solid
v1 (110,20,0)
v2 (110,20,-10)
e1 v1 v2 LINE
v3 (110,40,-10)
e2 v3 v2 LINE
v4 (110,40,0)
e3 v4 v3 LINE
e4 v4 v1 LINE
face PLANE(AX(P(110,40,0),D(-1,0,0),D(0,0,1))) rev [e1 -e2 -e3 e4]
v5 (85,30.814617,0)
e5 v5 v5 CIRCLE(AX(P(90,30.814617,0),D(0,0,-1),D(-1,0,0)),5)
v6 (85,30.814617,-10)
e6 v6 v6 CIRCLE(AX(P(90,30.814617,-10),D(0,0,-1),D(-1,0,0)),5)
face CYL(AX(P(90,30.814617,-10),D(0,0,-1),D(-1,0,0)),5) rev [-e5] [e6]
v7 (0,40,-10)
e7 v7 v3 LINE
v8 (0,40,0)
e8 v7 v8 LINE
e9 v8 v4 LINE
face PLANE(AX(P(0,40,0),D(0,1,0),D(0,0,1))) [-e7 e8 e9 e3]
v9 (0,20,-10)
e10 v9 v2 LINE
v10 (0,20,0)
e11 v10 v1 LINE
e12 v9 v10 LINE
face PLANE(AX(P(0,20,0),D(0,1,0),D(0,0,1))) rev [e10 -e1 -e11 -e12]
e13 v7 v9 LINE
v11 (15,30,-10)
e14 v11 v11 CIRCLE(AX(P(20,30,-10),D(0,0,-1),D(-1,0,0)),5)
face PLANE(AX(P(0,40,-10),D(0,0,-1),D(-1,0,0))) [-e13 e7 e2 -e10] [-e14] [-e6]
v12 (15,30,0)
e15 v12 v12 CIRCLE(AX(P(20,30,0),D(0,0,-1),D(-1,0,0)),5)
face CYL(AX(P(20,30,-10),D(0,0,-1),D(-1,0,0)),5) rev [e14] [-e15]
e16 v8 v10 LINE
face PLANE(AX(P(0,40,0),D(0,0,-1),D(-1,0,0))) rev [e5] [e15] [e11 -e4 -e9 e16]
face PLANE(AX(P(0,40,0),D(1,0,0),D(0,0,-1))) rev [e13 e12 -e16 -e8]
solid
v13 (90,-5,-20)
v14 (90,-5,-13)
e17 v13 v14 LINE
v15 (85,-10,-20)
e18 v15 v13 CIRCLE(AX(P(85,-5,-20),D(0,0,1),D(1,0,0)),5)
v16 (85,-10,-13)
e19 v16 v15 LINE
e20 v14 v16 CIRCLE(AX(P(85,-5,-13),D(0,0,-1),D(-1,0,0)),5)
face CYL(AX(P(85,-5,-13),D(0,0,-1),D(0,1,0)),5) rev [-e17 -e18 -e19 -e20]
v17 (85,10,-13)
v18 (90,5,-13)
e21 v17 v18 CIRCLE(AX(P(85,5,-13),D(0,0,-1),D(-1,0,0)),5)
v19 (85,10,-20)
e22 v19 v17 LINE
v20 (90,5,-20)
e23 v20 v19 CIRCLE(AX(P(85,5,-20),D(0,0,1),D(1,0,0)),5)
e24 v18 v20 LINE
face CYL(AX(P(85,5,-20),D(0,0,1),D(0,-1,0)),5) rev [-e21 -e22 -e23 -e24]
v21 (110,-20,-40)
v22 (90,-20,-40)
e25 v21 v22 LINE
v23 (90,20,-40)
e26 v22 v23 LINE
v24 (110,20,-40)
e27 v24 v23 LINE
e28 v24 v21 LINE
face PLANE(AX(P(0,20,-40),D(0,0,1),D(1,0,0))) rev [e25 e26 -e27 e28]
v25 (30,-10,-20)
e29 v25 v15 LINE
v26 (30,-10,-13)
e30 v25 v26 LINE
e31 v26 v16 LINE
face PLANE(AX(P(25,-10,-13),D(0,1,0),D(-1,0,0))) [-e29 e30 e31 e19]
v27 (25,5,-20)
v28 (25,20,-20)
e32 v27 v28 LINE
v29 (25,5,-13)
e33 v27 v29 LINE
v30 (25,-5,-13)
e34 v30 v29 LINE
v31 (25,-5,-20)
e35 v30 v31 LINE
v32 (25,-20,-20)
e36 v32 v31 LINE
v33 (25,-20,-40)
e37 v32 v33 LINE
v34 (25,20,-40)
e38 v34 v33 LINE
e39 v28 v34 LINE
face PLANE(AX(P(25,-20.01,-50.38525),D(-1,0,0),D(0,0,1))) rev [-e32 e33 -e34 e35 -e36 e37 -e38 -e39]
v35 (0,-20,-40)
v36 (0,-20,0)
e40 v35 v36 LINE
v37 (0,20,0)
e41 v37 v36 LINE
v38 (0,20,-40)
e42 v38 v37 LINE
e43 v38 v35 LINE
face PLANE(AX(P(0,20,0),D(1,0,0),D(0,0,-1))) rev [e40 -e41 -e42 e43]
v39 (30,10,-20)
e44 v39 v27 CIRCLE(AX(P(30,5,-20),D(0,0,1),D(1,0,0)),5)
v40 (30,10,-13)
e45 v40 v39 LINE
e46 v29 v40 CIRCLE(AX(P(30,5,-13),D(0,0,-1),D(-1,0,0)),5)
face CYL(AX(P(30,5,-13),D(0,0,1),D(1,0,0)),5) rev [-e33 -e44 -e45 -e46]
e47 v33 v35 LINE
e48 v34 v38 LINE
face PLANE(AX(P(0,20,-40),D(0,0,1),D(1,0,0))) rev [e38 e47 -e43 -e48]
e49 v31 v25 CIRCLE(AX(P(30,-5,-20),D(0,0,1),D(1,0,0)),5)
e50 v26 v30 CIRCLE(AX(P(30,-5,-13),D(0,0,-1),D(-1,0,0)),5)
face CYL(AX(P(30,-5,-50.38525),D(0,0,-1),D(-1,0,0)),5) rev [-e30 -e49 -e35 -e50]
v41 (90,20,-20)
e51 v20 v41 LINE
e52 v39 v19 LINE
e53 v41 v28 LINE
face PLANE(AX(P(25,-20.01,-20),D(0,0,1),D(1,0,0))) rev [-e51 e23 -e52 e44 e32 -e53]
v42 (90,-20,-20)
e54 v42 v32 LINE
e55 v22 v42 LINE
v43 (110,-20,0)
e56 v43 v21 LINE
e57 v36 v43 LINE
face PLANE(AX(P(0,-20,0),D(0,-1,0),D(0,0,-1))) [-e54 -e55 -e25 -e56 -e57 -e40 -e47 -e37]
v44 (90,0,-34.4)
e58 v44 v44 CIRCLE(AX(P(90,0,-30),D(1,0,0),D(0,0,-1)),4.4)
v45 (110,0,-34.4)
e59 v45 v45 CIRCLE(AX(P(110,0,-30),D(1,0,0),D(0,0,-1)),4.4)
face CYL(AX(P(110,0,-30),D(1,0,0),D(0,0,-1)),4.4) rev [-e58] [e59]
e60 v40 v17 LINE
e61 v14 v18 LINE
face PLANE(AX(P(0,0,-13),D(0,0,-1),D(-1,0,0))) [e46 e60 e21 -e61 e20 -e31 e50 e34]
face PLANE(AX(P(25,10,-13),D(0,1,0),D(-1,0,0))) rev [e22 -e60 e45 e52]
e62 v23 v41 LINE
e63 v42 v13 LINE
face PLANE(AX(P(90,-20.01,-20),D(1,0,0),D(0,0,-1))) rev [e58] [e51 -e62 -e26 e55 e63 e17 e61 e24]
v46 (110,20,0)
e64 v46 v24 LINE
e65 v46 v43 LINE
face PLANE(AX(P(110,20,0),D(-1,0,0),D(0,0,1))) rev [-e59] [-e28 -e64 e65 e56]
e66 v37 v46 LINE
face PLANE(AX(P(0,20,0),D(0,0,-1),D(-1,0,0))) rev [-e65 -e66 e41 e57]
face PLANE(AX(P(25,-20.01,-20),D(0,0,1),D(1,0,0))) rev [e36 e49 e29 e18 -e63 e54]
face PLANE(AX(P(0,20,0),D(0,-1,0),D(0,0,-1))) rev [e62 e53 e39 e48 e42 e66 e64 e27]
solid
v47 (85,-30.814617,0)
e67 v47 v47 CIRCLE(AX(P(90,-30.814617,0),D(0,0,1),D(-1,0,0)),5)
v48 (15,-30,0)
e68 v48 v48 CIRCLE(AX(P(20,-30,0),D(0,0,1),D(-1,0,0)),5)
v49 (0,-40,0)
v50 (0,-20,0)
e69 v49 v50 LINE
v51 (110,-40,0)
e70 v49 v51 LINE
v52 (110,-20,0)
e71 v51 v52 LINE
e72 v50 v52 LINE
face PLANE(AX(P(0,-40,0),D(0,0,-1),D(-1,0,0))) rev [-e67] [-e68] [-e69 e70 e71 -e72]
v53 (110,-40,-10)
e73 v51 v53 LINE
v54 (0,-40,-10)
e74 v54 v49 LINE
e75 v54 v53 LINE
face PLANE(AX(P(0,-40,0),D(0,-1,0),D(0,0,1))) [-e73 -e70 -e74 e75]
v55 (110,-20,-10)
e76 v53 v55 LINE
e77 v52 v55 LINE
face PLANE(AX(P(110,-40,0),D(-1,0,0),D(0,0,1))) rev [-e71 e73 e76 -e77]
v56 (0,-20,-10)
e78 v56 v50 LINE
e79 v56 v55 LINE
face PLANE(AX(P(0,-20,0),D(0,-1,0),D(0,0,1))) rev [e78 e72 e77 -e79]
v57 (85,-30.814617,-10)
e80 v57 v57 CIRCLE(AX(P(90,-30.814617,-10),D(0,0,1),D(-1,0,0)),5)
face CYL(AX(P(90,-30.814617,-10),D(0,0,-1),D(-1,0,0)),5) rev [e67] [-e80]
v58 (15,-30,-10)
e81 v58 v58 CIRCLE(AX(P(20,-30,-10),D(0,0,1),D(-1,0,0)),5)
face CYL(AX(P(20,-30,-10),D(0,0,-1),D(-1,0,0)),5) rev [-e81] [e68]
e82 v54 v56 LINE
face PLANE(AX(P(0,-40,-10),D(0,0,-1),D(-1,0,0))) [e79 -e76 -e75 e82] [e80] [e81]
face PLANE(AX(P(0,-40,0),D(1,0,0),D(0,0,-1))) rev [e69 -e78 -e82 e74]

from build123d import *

# Parameters (mm, degrees)
SKETCH3_W                     = 110
SKETCH3_H                     = 40
BOSS_EXTRUDE2_DEPTH           = 20
SPLIT2_SURFACE_1_BACK         = 124.693
SPLIT2_SURFACE_1_DEPTH        = 249.386
SKETCH6_W                     = 110
SKETCH6_H                     = 10
BOSS_EXTRUDE3_DEPTH           = 20
SKETCH9_W                     = 5
SKETCH9_H                     = 10
M8_CLEARANCE_HOLE1_AT_2_COUNT = 2
M8_CLEARANCE_HOLE1_AT_2_PITCH = 70.004739842
SKETCH10_W                    = 65
SKETCH10_H                    = 20
CUT_EXTRUDE1_DEPTH            = 7
FILLET1_R                     = 5
SKETCH15_W                    = 4.4
SKETCH15_H                    = 20.001


with BuildPart() as part:
    # Sketch3 → Boss-Extrude2 (new, symmetric)
    with BuildSketch(Plane(origin=(0, 0, 0), x_dir=(1, 0, 0), z_dir=(0, 1, 0))):
        with Locations((55, 20)):
            Rectangle(SKETCH3_W, SKETCH3_H)
    extrude(amount=BOSS_EXTRUDE2_DEPTH, both=True)

    # Split2: cut with a surface, the side behind it stays
    # Split2 surface: a surface, the sketch's curves swept straight by 249.386 mm
    with BuildLine(Plane(origin=(0, 0, 0), x_dir=(1, 0, 0), z_dir=(0, 1, 0)).offset(-SPLIT2_SURFACE_1_BACK), mode=Mode.PRIVATE) as split2_surface_1_path:
        Line((25, 50.385249654), (25, 20))
        Line((25, 20), (90, 20))
        Line((90, 20), (90, 48.537928397))
    split2_surface_1 = Shell.extrude(split2_surface_1_path.wire(), (0 * SPLIT2_SURFACE_1_DEPTH, 1 * SPLIT2_SURFACE_1_DEPTH, 0 * SPLIT2_SURFACE_1_DEPTH))
    split(bisect_by=split2_surface_1, keep=Keep.BOTTOM)

    # Sketch10 → Cut-Extrude1 (cut)
    with BuildSketch(Plane(origin=(0, 0, -20), x_dir=(-1, 0, 0), z_dir=(0, 0, -1))):
        with Locations((-57.5, 0)):
            Rectangle(SKETCH10_W, SKETCH10_H)
    extrude(amount=-CUT_EXTRUDE1_DEPTH, mode=Mode.SUBTRACT)

    # Fillet1
    fillet1_edges = [part.edges().sort_by_distance(p)[0] for p in [
        (25, 10, -16.5),
        (25, -10, -16.5),
        (90, -10, -16.5),
        (90, 10, -16.5),
    ]]
    fillet(fillet1_edges, radius=FILLET1_R)

    # Sketch15 → M10x1.25 Tapped Hole1 (revolve, cut)
    with BuildSketch(Plane(origin=(110, 0, -30), x_dir=(0, 0, -1), z_dir=(0, 1, 0))):
        with Locations((2.2, 10.0005)):
            Rectangle(SKETCH15_W, SKETCH15_H)
    revolve(axis=Axis((116.35, 0, -30), (-1, 0, 0)), mode=Mode.SUBTRACT)


with BuildPart() as body_2:
    # Sketch6 → Boss-Extrude3 (new body)
    with BuildSketch(Plane(origin=(0, 20, 0), x_dir=(1, 0, 0), z_dir=(0, 1, 0))):
        with Locations((55, 5)):
            Rectangle(SKETCH6_W, SKETCH6_H)
    extrude(amount=BOSS_EXTRUDE3_DEPTH)

    # Sketch9 → M8 Clearance Hole1 (revolve, cut)
    with BuildSketch(Plane(origin=(20, 30, -10), x_dir=(0, 1, 0), z_dir=(1, 0, 0))):
        with Locations((2.5, 5)):
            Rectangle(SKETCH9_W, SKETCH9_H)
    m8_clearance_hole1 = revolve(axis=Axis((20, 30, -16.35), (0, 0, 1)), mode=Mode.SUBTRACT)

    # M8 Clearance Hole1 at 2: M8 Clearance Hole1 ×2
    with Locations(*[Vector(0.9999322925508326, 0.01163659374714847, 0) * (i * M8_CLEARANCE_HOLE1_AT_2_PITCH) for i in range(1, M8_CLEARANCE_HOLE1_AT_2_COUNT)]):
        add(m8_clearance_hole1, mode=Mode.SUBTRACT)


with BuildPart() as body_3:
    # Mirror1: mirrored copy
    add(body_2.part.mirror(Plane.ZX))


solid = Compound([part.part, body_2.part, body_3.part])
